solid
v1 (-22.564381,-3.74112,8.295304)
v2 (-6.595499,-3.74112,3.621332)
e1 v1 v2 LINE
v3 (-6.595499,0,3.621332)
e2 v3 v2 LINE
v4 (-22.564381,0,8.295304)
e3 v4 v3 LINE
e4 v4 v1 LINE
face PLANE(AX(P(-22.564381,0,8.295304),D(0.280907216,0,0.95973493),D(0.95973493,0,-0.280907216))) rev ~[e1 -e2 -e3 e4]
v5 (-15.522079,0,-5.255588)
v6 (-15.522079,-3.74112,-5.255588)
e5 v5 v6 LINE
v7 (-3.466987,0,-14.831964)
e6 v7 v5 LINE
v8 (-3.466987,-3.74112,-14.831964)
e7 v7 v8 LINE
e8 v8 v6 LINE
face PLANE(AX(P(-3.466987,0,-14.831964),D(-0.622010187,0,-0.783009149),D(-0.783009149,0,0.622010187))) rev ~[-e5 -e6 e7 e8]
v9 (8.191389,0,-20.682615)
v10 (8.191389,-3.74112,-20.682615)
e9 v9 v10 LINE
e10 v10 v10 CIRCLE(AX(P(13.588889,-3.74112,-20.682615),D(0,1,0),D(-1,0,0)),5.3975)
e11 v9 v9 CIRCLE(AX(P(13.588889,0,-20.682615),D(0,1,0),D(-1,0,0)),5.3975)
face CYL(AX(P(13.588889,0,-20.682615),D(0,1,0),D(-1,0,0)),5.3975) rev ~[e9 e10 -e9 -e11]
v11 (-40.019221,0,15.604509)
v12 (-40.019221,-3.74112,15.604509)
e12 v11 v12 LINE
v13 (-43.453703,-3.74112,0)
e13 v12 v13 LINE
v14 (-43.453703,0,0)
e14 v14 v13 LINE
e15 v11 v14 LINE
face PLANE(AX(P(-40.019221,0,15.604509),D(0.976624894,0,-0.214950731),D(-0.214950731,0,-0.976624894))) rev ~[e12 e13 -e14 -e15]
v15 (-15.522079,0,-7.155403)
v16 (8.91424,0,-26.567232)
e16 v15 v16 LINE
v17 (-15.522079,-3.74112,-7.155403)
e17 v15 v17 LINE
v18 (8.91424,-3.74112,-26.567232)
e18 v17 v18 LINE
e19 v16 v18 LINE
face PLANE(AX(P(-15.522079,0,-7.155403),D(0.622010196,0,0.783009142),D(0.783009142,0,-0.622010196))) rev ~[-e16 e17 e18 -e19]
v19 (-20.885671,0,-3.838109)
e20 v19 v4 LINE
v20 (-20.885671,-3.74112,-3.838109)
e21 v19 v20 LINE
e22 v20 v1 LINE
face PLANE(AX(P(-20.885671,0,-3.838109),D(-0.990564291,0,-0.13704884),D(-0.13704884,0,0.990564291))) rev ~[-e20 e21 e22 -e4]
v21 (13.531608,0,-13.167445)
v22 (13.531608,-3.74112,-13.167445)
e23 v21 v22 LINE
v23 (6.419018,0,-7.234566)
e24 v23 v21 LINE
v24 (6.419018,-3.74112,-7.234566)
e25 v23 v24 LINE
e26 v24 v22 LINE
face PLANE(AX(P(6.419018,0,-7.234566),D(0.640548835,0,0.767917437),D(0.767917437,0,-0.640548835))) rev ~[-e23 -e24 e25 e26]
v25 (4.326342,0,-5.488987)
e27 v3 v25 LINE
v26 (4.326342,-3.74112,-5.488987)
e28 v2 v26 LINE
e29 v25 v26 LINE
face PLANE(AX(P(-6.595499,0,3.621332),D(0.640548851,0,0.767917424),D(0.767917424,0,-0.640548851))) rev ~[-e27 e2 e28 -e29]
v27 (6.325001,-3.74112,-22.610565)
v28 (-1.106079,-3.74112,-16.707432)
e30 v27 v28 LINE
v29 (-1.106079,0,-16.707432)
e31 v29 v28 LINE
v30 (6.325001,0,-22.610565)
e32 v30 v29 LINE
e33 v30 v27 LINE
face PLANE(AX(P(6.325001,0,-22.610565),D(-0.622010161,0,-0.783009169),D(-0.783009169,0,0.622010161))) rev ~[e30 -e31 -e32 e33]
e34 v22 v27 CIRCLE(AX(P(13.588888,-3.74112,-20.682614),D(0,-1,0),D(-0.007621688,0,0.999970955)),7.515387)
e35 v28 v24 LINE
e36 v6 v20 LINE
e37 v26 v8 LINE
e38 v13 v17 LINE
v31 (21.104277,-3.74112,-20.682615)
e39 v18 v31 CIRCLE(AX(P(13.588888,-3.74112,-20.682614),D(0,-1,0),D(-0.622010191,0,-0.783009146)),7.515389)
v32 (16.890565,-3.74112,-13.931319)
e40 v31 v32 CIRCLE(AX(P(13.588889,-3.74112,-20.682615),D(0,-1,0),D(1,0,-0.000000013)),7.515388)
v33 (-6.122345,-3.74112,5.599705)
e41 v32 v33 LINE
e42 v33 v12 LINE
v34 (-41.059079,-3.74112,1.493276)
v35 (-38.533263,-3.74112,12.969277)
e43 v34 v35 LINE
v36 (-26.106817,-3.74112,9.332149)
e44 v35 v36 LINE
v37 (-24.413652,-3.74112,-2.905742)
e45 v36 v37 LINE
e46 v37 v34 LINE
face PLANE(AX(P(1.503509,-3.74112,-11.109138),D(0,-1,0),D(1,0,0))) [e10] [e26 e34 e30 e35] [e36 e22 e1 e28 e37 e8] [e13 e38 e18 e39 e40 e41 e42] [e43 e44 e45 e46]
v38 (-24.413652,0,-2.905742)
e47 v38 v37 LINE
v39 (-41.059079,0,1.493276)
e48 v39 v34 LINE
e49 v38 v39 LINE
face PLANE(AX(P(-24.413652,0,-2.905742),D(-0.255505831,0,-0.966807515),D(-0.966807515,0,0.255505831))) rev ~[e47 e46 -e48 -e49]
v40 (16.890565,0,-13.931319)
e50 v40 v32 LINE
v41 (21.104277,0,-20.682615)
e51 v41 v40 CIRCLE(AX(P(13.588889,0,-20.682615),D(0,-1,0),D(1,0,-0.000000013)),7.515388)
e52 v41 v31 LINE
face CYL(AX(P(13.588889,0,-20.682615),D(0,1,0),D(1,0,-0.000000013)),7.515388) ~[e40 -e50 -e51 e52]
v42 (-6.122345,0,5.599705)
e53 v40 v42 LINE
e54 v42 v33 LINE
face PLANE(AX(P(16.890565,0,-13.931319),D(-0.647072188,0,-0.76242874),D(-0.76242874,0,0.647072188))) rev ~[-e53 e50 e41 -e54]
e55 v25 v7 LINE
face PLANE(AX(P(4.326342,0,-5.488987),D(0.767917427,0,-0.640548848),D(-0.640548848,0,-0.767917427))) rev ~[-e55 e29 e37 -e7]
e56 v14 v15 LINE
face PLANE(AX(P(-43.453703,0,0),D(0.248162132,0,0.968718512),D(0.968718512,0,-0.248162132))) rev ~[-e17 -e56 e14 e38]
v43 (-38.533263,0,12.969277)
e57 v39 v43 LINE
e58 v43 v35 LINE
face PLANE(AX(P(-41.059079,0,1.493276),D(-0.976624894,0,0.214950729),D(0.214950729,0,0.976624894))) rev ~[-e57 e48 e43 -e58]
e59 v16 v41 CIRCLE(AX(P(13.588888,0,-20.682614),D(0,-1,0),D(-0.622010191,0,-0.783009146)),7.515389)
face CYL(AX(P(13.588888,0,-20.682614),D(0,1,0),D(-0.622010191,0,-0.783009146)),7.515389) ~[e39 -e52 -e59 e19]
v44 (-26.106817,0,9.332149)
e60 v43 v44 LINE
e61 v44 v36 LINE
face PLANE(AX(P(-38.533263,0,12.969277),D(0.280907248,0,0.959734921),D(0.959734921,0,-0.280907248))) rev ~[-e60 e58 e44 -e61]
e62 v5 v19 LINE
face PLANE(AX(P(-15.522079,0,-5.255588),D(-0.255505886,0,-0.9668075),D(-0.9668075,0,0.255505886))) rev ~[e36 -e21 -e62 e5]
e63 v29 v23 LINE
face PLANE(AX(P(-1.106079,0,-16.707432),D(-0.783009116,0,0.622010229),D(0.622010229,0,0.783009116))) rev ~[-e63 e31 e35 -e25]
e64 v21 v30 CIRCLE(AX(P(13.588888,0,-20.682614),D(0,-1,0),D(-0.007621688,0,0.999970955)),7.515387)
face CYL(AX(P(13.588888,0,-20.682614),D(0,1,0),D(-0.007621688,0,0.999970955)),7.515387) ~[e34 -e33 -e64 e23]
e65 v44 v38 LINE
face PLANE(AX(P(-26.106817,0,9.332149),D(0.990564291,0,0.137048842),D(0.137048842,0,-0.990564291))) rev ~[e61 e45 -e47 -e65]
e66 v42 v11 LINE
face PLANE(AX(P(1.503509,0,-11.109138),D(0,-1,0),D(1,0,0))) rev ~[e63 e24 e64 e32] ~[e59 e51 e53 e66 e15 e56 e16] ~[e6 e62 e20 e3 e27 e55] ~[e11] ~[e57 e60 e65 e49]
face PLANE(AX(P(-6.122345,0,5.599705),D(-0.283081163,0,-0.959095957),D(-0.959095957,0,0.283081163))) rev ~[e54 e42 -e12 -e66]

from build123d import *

# Parameters (mm, degrees)
F0_R     = 4.1529
F1_DEPTH = 3.74112
F2_R     = 5.3975
F3_DEPTH = 25.4


with BuildPart() as f1:
    # F0 (on Front) → F1 (new body)
    with BuildSketch(Plane.XZ):
        Polygon((-1.106079, -16.707432), (6.419018, -7.234566), (4.326342, -5.488987), (-3.466987, -14.831964), align=None)
        Polygon((-20.885671, -3.838109), (-22.564381, 8.295304), (-26.106817, 9.332149), (-24.413652, -2.905742), align=None)
        with BuildLine():
            ThreePointArc((13.531608, -13.167445), (15.255443, -13.354337), (16.890565, -13.931319))
            Line((16.890565, -13.931319), (-6.122345, 5.599705))
            Line((-6.122345, 5.599705), (-40.019221, 15.604509))
            Line((-40.019221, 15.604509), (-43.453703, 0))
            Line((-43.453703, 0), (-15.522079, -7.155403))
            Line((-15.522079, -7.155403), (8.91424, -26.567232))
            ThreePointArc((8.91424, -26.567232), (7.30033, -24.797842), (6.325001, -22.610565))
            Line((6.325001, -22.610565), (-1.106079, -16.707432))
            Line((-1.106079, -16.707432), (-3.466987, -14.831964))
            Line((-3.466987, -14.831964), (-15.522079, -5.255588))
            Line((-15.522079, -5.255588), (-20.885671, -3.838109))
            Line((-20.885671, -3.838109), (-24.413652, -2.905742))
            Line((-24.413652, -2.905742), (-41.059079, 1.493276))
            Line((-41.059079, 1.493276), (-38.533263, 12.969277))
            Line((-38.533263, 12.969277), (-26.106817, 9.332149))
            Line((-26.106817, 9.332149), (-22.564381, 8.295304))
            Line((-22.564381, 8.295304), (-6.595499, 3.621332))
            Line((-6.595499, 3.621332), (4.326342, -5.488987))
            Line((4.326342, -5.488987), (6.419018, -7.234566))
            Line((6.419018, -7.234566), (13.531608, -13.167445))
        make_face()
        with BuildLine():
            ThreePointArc((8.91424, -26.567232), (16.856094, -27.450659), (21.104277, -20.682615))
            ThreePointArc((21.104277, -20.682615), (19.964406, -16.703439), (16.890565, -13.931319))
            ThreePointArc((16.890565, -13.931319), (15.255443, -13.354337), (13.531608, -13.167445))
            ThreePointArc((13.531608, -13.167445), (7.614526, -16.123223), (6.325001, -22.610565))
            ThreePointArc((6.325001, -22.610565), (7.30033, -24.797842), (8.91424, -26.567232))
        make_face()
        with Locations((13.588889, -20.682615)):
            Circle(F0_R, mode=Mode.SUBTRACT)
        with Locations((13.588889, -20.682615)):
            Circle(F0_R)
    extrude(amount=F1_DEPTH)

    # F2 (on face) → F3 (cut)
    with BuildSketch(Plane(origin=(0, 0, 0), x_dir=(-1, 0, 0), z_dir=(0, 1, 0))):
        with Locations((-13.588889, -20.682615)):
            Circle(F2_R)
    extrude(amount=-F3_DEPTH, mode=Mode.SUBTRACT)


solid = f1.part
